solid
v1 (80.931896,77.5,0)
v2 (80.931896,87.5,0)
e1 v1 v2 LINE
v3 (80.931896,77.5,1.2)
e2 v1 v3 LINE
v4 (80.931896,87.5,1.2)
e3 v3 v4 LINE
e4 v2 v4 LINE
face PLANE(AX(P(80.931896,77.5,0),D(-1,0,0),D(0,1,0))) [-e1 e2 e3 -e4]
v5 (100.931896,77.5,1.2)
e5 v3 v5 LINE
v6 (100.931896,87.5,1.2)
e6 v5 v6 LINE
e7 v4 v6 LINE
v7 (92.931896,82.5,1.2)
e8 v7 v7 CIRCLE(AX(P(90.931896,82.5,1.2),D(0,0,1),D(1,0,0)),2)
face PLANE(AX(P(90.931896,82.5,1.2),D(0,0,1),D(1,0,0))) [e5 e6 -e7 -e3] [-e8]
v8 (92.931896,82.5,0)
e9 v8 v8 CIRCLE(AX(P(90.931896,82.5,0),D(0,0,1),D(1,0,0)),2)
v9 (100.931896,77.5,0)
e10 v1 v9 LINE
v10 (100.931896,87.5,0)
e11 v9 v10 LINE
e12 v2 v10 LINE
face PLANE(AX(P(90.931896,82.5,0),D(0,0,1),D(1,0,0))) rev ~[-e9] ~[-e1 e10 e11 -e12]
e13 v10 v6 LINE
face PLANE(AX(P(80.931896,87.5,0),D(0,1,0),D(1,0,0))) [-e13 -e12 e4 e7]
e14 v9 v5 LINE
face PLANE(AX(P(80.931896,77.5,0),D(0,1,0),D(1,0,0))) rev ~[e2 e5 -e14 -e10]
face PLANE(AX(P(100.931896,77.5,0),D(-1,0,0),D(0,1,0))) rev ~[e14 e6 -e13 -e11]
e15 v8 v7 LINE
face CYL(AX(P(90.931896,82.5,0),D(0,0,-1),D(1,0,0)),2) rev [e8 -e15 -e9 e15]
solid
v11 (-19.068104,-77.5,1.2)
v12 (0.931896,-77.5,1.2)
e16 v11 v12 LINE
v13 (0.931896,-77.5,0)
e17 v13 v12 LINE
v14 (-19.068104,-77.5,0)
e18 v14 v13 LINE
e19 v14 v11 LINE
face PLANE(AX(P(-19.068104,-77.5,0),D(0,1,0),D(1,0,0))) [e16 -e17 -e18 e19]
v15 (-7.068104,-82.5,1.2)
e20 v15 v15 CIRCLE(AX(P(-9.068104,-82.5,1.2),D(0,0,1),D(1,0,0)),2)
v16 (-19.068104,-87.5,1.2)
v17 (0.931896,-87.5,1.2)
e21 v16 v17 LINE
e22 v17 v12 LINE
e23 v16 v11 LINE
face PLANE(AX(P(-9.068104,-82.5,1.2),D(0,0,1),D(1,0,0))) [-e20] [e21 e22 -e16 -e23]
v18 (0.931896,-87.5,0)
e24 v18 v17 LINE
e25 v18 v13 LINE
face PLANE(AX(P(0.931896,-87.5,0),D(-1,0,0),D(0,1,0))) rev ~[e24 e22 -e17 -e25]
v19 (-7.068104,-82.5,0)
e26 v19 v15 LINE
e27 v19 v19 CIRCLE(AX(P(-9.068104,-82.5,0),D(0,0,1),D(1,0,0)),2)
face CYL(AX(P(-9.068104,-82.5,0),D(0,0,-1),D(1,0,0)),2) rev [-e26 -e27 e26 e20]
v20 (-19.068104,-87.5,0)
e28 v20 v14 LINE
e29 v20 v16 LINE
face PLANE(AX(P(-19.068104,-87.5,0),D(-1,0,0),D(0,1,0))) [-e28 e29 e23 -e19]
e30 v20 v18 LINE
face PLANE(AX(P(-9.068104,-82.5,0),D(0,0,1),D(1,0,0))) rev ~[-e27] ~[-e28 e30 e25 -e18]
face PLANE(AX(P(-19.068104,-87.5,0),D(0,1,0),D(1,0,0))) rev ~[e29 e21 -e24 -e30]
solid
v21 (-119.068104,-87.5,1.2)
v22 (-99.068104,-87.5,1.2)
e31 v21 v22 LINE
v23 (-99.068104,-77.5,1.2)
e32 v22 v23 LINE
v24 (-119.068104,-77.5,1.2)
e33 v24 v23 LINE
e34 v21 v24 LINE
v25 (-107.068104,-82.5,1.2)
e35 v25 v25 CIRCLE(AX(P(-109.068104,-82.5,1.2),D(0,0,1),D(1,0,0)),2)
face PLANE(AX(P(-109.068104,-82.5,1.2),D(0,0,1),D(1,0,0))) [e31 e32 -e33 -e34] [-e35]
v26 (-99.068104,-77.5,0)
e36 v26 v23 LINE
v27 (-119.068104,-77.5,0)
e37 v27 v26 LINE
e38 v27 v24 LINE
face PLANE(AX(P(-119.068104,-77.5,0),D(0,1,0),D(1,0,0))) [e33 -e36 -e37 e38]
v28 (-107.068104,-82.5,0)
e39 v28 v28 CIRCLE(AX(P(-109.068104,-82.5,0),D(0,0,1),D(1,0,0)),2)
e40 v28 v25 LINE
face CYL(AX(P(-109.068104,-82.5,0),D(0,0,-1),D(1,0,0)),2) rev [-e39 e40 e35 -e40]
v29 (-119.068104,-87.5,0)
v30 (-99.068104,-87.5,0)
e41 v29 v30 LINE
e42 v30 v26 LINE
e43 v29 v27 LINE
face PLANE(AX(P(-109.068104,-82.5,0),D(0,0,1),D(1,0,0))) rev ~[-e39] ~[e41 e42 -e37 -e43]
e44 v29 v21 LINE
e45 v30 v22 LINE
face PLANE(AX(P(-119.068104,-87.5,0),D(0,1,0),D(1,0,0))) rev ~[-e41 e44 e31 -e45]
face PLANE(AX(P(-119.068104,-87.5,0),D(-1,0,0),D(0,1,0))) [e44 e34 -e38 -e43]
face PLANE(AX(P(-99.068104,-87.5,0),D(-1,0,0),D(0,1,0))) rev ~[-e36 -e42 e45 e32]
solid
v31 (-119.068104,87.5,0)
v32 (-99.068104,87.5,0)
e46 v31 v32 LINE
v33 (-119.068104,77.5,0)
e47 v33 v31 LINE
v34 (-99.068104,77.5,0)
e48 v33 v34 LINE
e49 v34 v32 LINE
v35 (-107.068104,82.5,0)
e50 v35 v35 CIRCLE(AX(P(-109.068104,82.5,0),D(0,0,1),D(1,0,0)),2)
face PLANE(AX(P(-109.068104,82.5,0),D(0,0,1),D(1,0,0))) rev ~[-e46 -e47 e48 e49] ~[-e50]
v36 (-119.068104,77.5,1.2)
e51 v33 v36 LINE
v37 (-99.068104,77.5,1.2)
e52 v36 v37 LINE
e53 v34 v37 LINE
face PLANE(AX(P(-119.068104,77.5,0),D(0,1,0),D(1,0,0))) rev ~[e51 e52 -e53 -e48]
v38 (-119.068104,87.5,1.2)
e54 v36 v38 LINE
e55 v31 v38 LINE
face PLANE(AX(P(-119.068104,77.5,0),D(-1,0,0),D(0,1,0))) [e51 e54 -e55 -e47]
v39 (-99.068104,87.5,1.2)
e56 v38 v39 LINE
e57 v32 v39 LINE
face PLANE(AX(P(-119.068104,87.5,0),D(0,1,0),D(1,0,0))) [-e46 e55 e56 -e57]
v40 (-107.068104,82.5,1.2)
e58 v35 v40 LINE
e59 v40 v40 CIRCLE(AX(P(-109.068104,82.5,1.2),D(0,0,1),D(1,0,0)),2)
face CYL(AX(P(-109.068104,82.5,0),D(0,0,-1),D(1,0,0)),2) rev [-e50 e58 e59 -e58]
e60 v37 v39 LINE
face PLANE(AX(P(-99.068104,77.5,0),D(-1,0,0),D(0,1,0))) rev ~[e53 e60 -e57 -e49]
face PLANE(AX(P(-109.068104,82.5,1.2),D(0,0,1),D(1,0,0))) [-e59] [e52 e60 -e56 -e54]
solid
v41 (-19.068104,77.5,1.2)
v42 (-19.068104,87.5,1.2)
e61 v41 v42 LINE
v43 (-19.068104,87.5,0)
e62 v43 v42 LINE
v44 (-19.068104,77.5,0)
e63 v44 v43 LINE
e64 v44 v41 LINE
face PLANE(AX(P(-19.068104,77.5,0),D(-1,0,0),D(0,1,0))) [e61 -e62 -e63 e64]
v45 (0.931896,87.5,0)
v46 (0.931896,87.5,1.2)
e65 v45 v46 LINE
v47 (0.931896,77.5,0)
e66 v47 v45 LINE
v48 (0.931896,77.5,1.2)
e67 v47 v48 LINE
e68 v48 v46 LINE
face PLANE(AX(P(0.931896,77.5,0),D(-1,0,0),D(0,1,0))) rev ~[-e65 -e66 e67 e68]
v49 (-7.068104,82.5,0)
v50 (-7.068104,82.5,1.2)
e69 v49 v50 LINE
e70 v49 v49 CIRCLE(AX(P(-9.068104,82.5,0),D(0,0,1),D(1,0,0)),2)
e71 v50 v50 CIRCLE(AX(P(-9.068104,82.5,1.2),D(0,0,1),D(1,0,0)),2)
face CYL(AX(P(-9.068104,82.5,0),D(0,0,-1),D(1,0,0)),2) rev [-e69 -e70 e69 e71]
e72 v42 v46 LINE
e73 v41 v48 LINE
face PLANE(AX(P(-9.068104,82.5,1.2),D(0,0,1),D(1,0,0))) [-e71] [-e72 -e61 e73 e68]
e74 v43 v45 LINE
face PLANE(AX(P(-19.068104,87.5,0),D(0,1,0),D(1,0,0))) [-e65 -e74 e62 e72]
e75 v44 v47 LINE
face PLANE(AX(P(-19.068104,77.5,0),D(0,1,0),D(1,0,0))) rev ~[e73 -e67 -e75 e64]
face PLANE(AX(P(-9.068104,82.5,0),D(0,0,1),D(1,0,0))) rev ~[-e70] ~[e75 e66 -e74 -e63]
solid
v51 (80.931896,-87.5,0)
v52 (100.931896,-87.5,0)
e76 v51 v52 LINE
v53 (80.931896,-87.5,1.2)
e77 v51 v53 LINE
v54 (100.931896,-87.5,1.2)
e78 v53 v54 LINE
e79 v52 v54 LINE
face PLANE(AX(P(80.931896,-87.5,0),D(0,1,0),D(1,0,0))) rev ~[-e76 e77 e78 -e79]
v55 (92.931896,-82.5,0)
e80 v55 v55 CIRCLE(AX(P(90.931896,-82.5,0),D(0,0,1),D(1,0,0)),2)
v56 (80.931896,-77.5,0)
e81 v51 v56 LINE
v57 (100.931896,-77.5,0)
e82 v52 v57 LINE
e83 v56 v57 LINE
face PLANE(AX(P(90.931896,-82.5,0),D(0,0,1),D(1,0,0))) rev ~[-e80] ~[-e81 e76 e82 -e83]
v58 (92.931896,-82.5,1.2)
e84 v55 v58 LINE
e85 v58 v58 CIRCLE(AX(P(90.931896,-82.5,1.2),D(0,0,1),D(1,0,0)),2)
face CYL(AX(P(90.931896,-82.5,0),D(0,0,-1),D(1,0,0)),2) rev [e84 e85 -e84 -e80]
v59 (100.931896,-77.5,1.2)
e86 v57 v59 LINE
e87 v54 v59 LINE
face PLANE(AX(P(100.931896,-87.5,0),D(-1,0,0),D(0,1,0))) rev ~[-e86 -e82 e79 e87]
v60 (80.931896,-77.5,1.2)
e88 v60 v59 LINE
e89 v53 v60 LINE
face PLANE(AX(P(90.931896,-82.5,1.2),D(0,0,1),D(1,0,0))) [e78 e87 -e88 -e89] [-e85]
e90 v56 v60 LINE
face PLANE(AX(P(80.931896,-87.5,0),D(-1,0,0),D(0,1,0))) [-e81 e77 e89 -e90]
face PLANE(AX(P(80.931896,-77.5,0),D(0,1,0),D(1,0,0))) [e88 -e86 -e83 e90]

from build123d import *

# Parameters (mm, degrees)
F0_W     = 20
F0_H     = 10
F0_R     = 2
F1_DEPTH = 1.2


with BuildPart() as f1:
    # F0 (on Top) → F1 (new body)
    with BuildSketch(Plane.XY):
        with Locations((-109.068104, 82.5)):
            Rectangle(F0_W, F0_H)
        with Locations((-109.068104, 82.5)):
            Circle(F0_R, mode=Mode.SUBTRACT)
        with Locations((90.931896, 82.5)):
            Rectangle(F0_W, F0_H)
        with Locations((90.931896, 82.5)):
            Circle(F0_R, mode=Mode.SUBTRACT)
        with Locations((-9.068104, 82.5)):
            Rectangle(F0_W, F0_H)
        with Locations((-9.068104, 82.5)):
            Circle(F0_R, mode=Mode.SUBTRACT)
        with Locations((-109.068104, -82.5)):
            Rectangle(F0_W, F0_H)
        with Locations((-109.068104, -82.5)):
            Circle(F0_R, mode=Mode.SUBTRACT)
        with Locations((-9.068104, -82.5)):
            Rectangle(F0_W, F0_H)
        with Locations((-9.068104, -82.5)):
            Circle(F0_R, mode=Mode.SUBTRACT)
        with Locations((90.931896, -82.5)):
            Rectangle(F0_W, F0_H)
        with Locations((90.931896, -82.5)):
            Circle(F0_R, mode=Mode.SUBTRACT)
    extrude(amount=F1_DEPTH)


solid = f1.part
